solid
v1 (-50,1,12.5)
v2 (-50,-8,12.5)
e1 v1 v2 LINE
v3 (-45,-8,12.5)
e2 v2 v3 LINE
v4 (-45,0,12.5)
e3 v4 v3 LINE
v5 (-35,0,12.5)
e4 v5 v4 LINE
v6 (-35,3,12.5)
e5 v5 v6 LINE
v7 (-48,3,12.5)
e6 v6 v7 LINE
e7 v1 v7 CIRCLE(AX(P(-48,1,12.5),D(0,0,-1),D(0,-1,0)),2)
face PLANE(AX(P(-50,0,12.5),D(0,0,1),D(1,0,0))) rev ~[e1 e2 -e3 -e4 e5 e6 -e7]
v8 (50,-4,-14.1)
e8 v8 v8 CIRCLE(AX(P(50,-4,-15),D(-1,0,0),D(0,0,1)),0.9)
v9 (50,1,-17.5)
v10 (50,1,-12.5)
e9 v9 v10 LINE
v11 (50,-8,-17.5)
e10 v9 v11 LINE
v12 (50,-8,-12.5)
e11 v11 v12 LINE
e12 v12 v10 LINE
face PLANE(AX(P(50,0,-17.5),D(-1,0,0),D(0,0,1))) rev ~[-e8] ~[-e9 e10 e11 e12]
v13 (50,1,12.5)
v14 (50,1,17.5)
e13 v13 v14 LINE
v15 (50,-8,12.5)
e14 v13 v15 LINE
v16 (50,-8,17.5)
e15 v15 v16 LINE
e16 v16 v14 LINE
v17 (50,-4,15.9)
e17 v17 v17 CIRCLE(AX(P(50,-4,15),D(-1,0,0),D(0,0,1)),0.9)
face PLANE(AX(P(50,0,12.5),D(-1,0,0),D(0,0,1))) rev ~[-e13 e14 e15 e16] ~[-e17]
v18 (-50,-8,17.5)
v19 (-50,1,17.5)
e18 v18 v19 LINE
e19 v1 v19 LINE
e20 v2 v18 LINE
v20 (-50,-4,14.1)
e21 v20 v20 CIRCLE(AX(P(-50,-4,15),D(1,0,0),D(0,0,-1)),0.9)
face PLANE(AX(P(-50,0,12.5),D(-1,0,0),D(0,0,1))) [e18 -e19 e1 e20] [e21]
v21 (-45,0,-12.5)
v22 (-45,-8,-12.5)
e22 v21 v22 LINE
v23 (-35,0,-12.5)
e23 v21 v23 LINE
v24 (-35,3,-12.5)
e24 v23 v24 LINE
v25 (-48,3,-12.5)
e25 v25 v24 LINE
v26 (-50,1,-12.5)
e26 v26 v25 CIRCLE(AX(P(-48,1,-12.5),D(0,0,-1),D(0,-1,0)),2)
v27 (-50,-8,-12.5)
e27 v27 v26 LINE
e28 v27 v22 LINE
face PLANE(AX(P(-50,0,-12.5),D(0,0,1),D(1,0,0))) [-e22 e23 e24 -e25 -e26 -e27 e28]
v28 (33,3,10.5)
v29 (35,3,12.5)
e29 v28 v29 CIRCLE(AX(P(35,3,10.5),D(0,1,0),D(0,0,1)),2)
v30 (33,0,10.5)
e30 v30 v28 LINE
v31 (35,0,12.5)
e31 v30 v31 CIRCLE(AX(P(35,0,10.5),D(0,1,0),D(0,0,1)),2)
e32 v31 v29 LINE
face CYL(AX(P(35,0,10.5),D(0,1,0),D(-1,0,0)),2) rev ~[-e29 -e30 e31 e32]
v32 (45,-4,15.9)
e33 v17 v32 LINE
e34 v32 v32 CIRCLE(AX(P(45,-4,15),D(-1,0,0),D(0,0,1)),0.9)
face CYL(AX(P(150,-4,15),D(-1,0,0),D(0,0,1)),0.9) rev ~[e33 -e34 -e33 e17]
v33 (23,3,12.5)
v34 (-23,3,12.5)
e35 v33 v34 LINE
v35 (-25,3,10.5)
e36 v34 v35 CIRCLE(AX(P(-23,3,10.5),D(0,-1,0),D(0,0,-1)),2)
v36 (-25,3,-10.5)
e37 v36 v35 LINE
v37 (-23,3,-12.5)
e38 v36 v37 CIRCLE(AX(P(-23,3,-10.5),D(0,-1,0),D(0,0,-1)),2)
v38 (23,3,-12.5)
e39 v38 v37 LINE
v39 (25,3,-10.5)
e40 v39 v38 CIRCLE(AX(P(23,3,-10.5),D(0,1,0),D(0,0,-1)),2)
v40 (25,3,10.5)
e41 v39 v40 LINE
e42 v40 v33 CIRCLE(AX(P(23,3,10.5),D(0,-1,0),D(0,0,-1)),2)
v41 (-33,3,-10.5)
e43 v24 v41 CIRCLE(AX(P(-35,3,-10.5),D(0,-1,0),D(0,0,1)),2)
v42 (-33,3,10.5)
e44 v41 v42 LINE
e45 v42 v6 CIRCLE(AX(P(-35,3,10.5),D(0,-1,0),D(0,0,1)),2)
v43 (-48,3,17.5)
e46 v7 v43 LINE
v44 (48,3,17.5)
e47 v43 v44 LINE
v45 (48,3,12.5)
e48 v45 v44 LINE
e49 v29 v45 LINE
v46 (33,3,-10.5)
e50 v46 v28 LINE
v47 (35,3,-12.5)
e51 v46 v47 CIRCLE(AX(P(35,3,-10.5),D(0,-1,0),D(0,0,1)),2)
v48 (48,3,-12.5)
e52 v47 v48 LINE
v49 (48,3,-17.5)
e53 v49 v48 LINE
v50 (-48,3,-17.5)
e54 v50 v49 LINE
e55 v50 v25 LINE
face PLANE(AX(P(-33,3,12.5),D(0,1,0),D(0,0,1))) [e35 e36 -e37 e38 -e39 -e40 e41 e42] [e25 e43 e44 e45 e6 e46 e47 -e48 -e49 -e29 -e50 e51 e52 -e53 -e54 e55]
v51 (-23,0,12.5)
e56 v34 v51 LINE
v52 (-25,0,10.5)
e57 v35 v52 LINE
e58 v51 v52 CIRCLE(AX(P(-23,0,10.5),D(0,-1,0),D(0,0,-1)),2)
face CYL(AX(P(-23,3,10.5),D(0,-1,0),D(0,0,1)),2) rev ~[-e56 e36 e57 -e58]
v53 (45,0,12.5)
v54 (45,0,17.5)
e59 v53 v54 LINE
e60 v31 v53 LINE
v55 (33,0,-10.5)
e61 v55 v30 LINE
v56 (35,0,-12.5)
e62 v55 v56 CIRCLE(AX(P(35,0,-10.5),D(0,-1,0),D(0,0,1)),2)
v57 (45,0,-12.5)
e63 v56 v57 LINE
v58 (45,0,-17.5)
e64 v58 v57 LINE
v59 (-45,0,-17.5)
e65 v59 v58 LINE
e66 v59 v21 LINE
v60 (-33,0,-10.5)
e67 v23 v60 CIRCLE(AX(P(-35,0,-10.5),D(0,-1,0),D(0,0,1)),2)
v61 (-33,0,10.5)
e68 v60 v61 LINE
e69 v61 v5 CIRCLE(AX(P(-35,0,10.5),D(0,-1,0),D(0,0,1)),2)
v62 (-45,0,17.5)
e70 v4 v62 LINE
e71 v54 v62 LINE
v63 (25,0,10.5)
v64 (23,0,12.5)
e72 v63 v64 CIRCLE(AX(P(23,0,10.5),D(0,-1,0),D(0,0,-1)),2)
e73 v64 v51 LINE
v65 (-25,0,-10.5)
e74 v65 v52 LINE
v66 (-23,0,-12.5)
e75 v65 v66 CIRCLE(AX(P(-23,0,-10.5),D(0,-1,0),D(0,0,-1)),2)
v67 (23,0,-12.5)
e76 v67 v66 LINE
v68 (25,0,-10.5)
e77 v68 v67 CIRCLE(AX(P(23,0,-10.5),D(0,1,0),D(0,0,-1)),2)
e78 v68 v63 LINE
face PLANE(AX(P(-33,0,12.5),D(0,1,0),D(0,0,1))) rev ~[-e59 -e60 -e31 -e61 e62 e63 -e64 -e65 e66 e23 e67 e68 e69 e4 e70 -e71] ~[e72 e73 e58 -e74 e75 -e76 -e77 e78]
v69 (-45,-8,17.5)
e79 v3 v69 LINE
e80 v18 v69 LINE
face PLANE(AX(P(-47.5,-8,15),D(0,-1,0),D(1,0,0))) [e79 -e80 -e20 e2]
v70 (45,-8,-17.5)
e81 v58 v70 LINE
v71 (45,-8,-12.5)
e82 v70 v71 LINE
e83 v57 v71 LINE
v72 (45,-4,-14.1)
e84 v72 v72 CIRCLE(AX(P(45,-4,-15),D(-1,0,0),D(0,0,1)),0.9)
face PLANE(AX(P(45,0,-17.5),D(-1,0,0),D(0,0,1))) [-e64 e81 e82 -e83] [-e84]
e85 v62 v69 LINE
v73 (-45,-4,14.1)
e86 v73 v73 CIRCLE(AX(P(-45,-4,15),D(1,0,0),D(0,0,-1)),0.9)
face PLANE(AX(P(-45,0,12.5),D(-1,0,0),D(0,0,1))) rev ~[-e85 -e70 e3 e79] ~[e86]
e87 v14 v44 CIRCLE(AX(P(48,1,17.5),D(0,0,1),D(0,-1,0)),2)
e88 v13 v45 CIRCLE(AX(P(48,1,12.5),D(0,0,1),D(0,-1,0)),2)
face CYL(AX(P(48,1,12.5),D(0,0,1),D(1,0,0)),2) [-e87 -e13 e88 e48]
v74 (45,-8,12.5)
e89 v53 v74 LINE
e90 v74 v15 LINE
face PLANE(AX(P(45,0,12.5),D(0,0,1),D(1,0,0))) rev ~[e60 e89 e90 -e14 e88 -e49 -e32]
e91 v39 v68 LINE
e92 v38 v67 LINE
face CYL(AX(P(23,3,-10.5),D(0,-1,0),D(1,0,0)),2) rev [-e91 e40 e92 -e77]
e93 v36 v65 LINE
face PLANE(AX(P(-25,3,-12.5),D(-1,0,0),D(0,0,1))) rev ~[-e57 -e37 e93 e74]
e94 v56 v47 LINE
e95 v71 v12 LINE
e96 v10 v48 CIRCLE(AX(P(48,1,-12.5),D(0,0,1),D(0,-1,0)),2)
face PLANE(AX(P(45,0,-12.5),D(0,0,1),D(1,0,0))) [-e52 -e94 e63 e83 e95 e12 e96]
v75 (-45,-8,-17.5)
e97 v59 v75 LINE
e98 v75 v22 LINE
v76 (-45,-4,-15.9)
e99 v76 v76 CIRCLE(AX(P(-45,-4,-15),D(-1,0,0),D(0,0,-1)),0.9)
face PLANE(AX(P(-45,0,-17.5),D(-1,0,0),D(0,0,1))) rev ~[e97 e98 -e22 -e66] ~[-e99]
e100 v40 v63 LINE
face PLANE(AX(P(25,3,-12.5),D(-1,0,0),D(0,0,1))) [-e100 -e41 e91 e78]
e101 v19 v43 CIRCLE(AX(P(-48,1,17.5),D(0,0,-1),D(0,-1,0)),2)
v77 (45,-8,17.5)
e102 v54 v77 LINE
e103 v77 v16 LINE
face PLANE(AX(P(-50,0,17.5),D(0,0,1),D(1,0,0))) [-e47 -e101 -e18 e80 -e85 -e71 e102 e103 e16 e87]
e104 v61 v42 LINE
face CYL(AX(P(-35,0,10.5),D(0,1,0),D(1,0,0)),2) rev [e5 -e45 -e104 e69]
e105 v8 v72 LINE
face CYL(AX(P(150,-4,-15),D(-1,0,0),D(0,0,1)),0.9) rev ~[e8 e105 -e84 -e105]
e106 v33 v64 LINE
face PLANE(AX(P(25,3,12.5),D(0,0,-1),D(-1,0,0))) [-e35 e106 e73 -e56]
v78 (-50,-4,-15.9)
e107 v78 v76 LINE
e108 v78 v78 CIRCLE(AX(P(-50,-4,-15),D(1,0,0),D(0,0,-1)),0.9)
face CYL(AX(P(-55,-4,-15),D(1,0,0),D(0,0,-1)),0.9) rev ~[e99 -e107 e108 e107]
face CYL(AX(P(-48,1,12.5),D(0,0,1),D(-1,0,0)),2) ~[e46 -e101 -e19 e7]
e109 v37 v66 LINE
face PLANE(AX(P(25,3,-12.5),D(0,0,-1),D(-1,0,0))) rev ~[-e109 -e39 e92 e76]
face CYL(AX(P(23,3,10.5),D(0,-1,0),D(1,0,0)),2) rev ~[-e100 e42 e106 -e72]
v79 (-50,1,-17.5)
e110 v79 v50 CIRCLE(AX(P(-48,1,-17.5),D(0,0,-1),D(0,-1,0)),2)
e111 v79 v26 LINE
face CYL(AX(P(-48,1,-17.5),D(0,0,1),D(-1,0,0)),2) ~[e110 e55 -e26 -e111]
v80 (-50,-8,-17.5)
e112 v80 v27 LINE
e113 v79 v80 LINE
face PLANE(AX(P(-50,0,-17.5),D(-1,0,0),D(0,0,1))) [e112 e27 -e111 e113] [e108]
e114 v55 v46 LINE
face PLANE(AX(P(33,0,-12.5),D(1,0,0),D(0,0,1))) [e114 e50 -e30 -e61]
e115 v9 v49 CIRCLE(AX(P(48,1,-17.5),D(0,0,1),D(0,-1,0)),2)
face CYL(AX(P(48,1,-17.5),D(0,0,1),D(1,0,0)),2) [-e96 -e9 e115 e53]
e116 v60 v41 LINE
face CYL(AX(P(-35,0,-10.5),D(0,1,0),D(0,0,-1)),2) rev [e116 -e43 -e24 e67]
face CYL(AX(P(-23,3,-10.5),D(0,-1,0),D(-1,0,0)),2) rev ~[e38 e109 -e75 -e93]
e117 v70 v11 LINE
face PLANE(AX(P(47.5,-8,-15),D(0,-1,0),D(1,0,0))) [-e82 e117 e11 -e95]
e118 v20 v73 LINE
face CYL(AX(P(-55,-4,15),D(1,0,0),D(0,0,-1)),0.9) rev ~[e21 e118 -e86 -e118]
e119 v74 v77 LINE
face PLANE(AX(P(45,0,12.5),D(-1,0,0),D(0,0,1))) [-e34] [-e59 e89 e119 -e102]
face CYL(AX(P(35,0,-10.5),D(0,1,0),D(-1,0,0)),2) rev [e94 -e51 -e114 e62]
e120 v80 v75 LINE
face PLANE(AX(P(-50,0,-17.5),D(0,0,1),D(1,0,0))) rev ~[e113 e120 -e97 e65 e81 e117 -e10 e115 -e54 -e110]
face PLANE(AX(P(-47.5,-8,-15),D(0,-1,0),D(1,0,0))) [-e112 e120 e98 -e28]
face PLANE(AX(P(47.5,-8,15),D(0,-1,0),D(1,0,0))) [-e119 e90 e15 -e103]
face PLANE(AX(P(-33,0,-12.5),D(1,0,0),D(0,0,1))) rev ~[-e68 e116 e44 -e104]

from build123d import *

# Parameters (mm, degrees)
SKETCH_1_W                  = 100
SKETCH_1_H                  = 35
EXTRUDE_1_DEPTH             = 3
SKETCH_2_W                  = 17
SKETCH_2_H                  = 25
CUT_EXTRUDE_1_DEPTH         = 54.058929503
SKETCH_3_W                  = 5
SKETCH_3_H                  = 5
EXTRUDE_2_DEPTH             = 8
SKETCH_4_W                  = 5
SKETCH_4_H                  = 5
EXTRUDE_3_DEPTH             = 8
SKETCH_5_W                  = 17
SKETCH_5_H                  = 30
CUT_EXTRUDE_2_DEPTH         = 54.574714185
SKETCH_6_W                  = 5
SKETCH_6_H                  = 5
EXTRUDE_4_DEPTH             = 8
SKETCH_7_W                  = 5
SKETCH_7_H                  = 3
EXTRUDE_5_DEPTH             = 17
SKETCH_8_W                  = 5
SKETCH_8_H                  = 5
EXTRUDE_6_DEPTH             = 8
SKETCH_9_W                  = 50
SKETCH_9_H                  = 25
CUT_EXTRUDE_3_DEPTH         = 55.104066391
HOLE_WIZARD_1_8_1_8_1_D     = 1.8
HOLE_WIZARD_1_8_1_8_1_DEPTH = 5
HOLE_WIZARD_1_8_1_8_2_D     = 1.8
HOLE_WIZARD_1_8_1_8_2_DEPTH = 100
FILLET_1_R                  = 2


with BuildPart() as part:
    # 草图1 → 凸台-拉伸1 (new body)
    with BuildSketch(Plane.XZ):
        Rectangle(SKETCH_1_W, SKETCH_1_H)
    extrude(amount=-EXTRUDE_1_DEPTH)

    # 草图2 → 切除-拉伸1 (cut, through all)
    with BuildSketch(Plane.XZ):
        with Locations((41.5, 0)):
            Rectangle(SKETCH_2_W, SKETCH_2_H)
    extrude(amount=-CUT_EXTRUDE_1_DEPTH, mode=Mode.SUBTRACT)

    # 草图3 → 凸台-拉伸2 (add)
    with BuildSketch(Plane.XZ):
        with Locations((47.5, -15)):
            Rectangle(SKETCH_3_W, SKETCH_3_H)
    extrude(amount=EXTRUDE_2_DEPTH)

    # 草图4 → 凸台-拉伸3 (add)
    with BuildSketch(Plane.XZ):
        with Locations((47.5, 15)):
            Rectangle(SKETCH_4_W, SKETCH_4_H)
    extrude(amount=EXTRUDE_3_DEPTH)

    # 草图5 → 切除-拉伸2 (cut, through all)
    with BuildSketch(Plane.XZ):
        with Locations((-41.5, 2.5)):
            Rectangle(SKETCH_5_W, SKETCH_5_H)
    extrude(amount=-CUT_EXTRUDE_2_DEPTH, mode=Mode.SUBTRACT)

    # 草图6 → 凸台-拉伸4 (add)
    with BuildSketch(Plane.XZ):
        with Locations((-47.5, -15)):
            Rectangle(SKETCH_6_W, SKETCH_6_H)
    extrude(amount=EXTRUDE_4_DEPTH)

    # 草图7 → 凸台-拉伸5 (add)
    with BuildSketch(Plane.ZY.offset(33)):
        with Locations((15, 1.5)):
            Rectangle(SKETCH_7_W, SKETCH_7_H)
    extrude(amount=EXTRUDE_5_DEPTH)

    # 草图8 → 凸台-拉伸6 (add)
    with BuildSketch(Plane.XZ):
        with Locations((-47.5, 15)):
            Rectangle(SKETCH_8_W, SKETCH_8_H)
    extrude(amount=EXTRUDE_6_DEPTH)

    # 草图9 → 切除-拉伸3 (cut, through all)
    with BuildSketch(Plane(origin=(0, 3, 0), x_dir=(-1, 0, 0), z_dir=(0, 1, 0))):
        Rectangle(SKETCH_9_W, SKETCH_9_H)
    extrude(amount=-CUT_EXTRUDE_3_DEPTH, mode=Mode.SUBTRACT)

    # Ø1.8 (1.8) 直径孔1
    with Locations(Plane.ZY.offset(50)):
        with Locations((15, -4), (-15, -4)):
            Hole(HOLE_WIZARD_1_8_1_8_1_D / 2, depth=HOLE_WIZARD_1_8_1_8_1_DEPTH)

    # Ø1.8 (1.8) 直径孔2
    with Locations(Plane(origin=(50, 0, 0), x_dir=(0, 0, -1), z_dir=(1, 0, 0))):
        with Locations((15, -4), (-15, -4)):
            Hole(HOLE_WIZARD_1_8_1_8_2_D / 2, depth=HOLE_WIZARD_1_8_1_8_2_DEPTH)

    # 圆角1
    fillet_1_edges = [part.edges().sort_by_distance(p)[0] for p in [
        (-25, 1.5, -12.5),
        (25, 1.5, -12.5),
        (25, 1.5, 12.5),
        (-25, 1.5, 12.5),
        (50, 3, 15),
        (33, 1.5, -12.5),
        (33, 1.5, 12.5),
        (50, 3, -15),
        (-50, 3, -15),
        (-33, 1.5, -12.5),
        (-33, 1.5, 12.5),
        (-50, 3, 15),
    ]]
    fillet(fillet_1_edges, radius=FILLET_1_R)


solid = part.part
